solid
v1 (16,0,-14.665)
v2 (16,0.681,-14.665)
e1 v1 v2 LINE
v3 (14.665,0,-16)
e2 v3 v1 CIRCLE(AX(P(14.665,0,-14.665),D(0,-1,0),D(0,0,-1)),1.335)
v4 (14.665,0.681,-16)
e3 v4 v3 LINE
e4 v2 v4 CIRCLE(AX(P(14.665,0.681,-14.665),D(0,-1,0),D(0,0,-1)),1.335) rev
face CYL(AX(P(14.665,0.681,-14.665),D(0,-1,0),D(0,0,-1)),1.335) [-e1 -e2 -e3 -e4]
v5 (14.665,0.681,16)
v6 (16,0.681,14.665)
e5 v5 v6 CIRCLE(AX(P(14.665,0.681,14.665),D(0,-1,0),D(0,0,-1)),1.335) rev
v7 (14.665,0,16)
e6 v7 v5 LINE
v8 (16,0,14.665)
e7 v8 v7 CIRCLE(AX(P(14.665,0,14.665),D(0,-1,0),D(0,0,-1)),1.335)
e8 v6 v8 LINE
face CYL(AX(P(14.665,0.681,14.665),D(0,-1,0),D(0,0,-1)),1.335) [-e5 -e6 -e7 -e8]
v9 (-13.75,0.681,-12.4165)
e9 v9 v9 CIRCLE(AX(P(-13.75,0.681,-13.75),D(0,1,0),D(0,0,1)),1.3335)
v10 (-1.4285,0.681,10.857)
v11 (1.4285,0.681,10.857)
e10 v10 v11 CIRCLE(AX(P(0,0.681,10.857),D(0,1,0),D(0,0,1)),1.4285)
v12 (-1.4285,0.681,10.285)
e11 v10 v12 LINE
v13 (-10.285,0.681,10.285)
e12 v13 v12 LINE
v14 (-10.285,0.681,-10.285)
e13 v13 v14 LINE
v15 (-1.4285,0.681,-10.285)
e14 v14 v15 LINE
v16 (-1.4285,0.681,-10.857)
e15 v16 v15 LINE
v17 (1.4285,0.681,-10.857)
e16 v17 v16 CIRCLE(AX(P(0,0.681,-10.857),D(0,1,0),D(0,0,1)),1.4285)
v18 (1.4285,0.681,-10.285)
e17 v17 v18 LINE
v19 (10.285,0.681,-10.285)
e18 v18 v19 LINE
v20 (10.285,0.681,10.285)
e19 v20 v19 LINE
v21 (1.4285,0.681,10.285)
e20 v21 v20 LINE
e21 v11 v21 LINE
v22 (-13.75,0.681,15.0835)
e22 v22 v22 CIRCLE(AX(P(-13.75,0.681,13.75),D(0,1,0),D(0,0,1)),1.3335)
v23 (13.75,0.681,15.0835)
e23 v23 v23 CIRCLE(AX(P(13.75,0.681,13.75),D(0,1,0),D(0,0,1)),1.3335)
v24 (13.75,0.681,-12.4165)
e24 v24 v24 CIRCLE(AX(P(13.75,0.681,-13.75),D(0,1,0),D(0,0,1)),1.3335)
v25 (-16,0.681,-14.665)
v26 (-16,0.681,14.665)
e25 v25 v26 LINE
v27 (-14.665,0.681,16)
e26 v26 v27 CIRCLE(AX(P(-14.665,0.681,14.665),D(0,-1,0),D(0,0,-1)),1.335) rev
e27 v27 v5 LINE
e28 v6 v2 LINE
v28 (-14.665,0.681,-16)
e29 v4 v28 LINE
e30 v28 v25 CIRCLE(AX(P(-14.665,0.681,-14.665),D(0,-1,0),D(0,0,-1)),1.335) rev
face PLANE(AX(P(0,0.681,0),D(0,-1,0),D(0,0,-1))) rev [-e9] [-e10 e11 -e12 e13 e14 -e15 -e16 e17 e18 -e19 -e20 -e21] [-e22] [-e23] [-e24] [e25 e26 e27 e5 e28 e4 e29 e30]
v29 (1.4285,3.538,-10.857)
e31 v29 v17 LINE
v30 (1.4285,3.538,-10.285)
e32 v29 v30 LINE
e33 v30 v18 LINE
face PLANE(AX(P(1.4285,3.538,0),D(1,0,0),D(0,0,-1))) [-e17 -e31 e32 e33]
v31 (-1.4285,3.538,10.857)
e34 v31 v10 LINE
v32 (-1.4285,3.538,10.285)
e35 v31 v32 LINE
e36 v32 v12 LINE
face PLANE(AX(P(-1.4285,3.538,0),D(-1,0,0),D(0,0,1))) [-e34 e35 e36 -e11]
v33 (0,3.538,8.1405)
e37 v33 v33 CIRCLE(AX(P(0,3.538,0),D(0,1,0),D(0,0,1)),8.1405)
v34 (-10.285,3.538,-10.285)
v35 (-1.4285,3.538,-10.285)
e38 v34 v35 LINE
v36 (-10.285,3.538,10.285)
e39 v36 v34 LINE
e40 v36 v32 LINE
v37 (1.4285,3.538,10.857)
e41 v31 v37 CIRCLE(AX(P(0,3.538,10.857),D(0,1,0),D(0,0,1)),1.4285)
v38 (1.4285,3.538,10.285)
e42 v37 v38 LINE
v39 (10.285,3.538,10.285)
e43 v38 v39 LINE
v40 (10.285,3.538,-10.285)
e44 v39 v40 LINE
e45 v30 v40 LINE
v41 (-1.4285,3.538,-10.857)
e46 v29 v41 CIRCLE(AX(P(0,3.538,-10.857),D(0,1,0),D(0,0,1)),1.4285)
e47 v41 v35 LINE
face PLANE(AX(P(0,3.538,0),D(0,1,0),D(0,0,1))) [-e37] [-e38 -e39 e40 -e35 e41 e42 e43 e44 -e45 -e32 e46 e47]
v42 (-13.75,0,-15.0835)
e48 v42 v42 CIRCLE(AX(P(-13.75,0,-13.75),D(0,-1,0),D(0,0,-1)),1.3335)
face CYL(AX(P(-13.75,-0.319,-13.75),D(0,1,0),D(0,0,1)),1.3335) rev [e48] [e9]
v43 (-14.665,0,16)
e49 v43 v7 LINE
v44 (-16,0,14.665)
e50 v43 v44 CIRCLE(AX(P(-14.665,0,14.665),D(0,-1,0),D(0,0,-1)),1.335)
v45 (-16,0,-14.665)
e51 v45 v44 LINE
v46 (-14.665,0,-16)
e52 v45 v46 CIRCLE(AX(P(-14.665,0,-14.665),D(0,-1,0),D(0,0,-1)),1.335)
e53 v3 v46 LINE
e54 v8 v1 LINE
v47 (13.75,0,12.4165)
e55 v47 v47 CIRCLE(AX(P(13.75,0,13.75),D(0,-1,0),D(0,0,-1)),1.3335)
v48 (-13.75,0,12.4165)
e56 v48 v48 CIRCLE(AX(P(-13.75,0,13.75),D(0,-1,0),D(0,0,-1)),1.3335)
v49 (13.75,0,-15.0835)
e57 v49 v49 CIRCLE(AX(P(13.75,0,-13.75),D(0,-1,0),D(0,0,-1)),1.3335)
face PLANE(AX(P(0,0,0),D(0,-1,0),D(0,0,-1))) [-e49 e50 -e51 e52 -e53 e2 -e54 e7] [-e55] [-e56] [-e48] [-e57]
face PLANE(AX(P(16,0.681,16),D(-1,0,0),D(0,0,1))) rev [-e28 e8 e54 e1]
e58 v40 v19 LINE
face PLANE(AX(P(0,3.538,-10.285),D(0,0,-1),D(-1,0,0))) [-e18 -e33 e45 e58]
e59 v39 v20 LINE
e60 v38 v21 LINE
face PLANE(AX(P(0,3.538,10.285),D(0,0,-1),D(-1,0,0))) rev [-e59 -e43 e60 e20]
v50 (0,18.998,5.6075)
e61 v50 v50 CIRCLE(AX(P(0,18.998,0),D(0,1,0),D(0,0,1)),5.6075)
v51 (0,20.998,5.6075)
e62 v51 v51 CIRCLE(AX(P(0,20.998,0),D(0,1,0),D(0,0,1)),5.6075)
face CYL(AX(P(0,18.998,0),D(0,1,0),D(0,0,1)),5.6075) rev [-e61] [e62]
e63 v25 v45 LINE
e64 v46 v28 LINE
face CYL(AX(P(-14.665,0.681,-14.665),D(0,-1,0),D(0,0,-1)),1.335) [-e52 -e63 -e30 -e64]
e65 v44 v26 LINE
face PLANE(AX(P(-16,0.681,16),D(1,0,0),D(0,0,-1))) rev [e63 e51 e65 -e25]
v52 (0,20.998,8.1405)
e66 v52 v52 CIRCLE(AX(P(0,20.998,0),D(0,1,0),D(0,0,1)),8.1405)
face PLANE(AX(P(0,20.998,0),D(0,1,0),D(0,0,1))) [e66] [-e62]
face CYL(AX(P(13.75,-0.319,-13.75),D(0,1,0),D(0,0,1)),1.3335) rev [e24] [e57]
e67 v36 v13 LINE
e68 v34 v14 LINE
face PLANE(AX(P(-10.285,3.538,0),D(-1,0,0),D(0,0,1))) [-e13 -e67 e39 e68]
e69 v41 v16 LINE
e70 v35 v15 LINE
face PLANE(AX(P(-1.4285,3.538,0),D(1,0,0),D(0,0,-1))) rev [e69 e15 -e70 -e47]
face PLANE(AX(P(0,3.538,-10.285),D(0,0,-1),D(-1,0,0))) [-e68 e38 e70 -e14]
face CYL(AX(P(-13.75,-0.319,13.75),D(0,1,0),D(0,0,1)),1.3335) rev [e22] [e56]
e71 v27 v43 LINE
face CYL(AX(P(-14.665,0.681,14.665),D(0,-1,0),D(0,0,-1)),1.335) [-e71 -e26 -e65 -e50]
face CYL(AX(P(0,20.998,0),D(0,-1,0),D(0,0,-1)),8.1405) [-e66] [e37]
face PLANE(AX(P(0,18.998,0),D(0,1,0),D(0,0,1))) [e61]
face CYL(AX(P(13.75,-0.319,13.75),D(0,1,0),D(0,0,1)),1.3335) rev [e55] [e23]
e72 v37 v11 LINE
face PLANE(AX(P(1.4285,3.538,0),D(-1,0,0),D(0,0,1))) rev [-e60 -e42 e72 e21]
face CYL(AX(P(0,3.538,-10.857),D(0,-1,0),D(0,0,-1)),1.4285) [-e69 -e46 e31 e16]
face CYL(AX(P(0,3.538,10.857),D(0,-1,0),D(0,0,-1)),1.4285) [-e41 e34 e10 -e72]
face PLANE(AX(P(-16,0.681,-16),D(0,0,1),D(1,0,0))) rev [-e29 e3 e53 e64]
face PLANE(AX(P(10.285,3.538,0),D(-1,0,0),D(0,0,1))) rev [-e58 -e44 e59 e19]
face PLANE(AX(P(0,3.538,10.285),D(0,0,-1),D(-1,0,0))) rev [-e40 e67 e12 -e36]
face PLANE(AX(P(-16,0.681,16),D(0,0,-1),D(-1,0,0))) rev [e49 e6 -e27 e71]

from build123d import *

# Parameters (mm, degrees)
SKETCH1_W           = 32
SKETCH1_H           = 32
BOSS_EXTRUDE1_DEPTH = 0.681
SKETCH2_R           = 1.3335
CUT_EXTRUDE1_DEPTH  = 1
FILLET1_R           = 1.335
SKETCH3_R           = 1.4285
SKETCH3_W           = 20.57
SKETCH3_H           = 20.57
BOSS_EXTRUDE2_DEPTH = 2.857
SKETCH4_R           = 8.1405
BOSS_EXTRUDE3_DEPTH = 17.46
SKETCH6_R           = 5.6075
CUT_EXTRUDE2_DEPTH  = 2


with BuildPart() as part:
    # Sketch1 → Boss-Extrude1 (new body)
    with BuildSketch(Plane(origin=(0, 0, 0), x_dir=(1, 0, 0), z_dir=(0, 1, 0))):
        Rectangle(SKETCH1_W, SKETCH1_H)
    extrude(amount=BOSS_EXTRUDE1_DEPTH)

    # Sketch2 → Cut-Extrude1 (cut)
    with BuildSketch(Plane(origin=(0, 0.681, 0), x_dir=(1, 0, 0), z_dir=(0, 1, 0))):
        with Locations(Location((13.75, 13.75, 0), (0, 0, 270))):
            Circle(SKETCH2_R)
        with Locations(Location((-13.75, 13.75, 0), (0, 0, 270))):
            Circle(SKETCH2_R)
        with Locations(Location((-13.75, -13.75, 0), (0, 0, 270))):
            Circle(SKETCH2_R)
        with Locations(Location((13.75, -13.75, 0), (0, 0, 270))):
            Circle(SKETCH2_R)
    extrude(amount=-CUT_EXTRUDE1_DEPTH, mode=Mode.SUBTRACT)

    # Fillet1
    fillet1_edges = [part.edges().sort_by_distance(p)[0] for p in [
        (16, 0.3405, 16),
        (-16, 0.3405, 16),
        (-16, 0.3405, -16),
        (16, 0.3405, -16),
    ]]
    fillet(fillet1_edges, radius=FILLET1_R)

    # Sketch3 → Boss-Extrude2 (add)
    with BuildSketch(Plane(origin=(0, 0.681, 0), x_dir=(1, 0, 0), z_dir=(0, 1, 0))):
        with Locations((0, -10.857)):
            Circle(SKETCH3_R)
        with Locations((0, 10.857)):
            Circle(SKETCH3_R)
        Rectangle(SKETCH3_W, SKETCH3_H)
        with BuildLine():
            ThreePointArc((1.308979851, -10.285), (0, -9.4285), (-1.308979851, -10.285))
            Line((-1.308979851, -10.285), (1.308979851, -10.285))
        make_face()
        with BuildLine():
            Line((1.308979851, -10.285), (-1.308979851, -10.285))
            ThreePointArc((-1.308979851, -10.285), (-1.398300749, -10.564823227), (-1.4285, -10.857))
            ThreePointArc((-1.4285, -10.857), (0, -12.2855), (1.4285, -10.857))
            ThreePointArc((1.4285, -10.857), (1.398300749, -10.564823227), (1.308979851, -10.285))
        make_face()
        with BuildLine():
            Line((1.4285, -10.285), (1.308979851, -10.285))
            ThreePointArc((1.308979851, -10.285), (1.398300749, -10.564823227), (1.4285, -10.857))
            Line((1.4285, -10.857), (1.4285, -10.285))
        make_face()
        with BuildLine():
            Line((-1.308979851, -10.285), (-1.4285, -10.285))
            Line((-1.4285, -10.285), (-1.4285, -10.857))
            ThreePointArc((-1.4285, -10.857), (-1.398300749, -10.564823227), (-1.308979851, -10.285))
        make_face()
        with BuildLine():
            ThreePointArc((-1.4285, 10.857), (-1.398300749, 10.564823227), (-1.308979851, 10.285))
            Line((-1.308979851, 10.285), (1.308979851, 10.285))
            ThreePointArc((1.308979851, 10.285), (1.398300749, 10.564823227), (1.4285, 10.857))
            ThreePointArc((1.4285, 10.857), (0, 12.2855), (-1.4285, 10.857))
        make_face()
        with BuildLine():
            Line((1.308979851, 10.285), (-1.308979851, 10.285))
            ThreePointArc((-1.308979851, 10.285), (0, 9.4285), (1.308979851, 10.285))
        make_face()
        with BuildLine():
            ThreePointArc((1.4285, 10.857), (1.398300749, 10.564823227), (1.308979851, 10.285))
            Line((1.308979851, 10.285), (1.4285, 10.285))
            Line((1.4285, 10.285), (1.4285, 10.857))
        make_face()
        with BuildLine():
            Line((-1.4285, 10.857), (-1.4285, 10.285))
            Line((-1.4285, 10.285), (-1.308979851, 10.285))
            ThreePointArc((-1.308979851, 10.285), (-1.398300749, 10.564823227), (-1.4285, 10.857))
        make_face()
    extrude(amount=BOSS_EXTRUDE2_DEPTH)

    # Sketch4 → Boss-Extrude3 (add)
    with BuildSketch(Plane(origin=(0, 3.538, 0), x_dir=(1, 0, 0), z_dir=(0, 1, 0))):
        with Locations(Location((0, 0, 0), (0, 0, 270))):
            Circle(SKETCH4_R)
    extrude(amount=BOSS_EXTRUDE3_DEPTH)

    # Sketch6 → Cut-Extrude2 (cut)
    with BuildSketch(Plane(origin=(0, 20.998, 0), x_dir=(1, 0, 0), z_dir=(0, 1, 0))):
        with Locations(Location((0, 0, 0), (0, 0, 270))):
            Circle(SKETCH6_R)
    extrude(amount=-CUT_EXTRUDE2_DEPTH, mode=Mode.SUBTRACT)


solid = part.part
